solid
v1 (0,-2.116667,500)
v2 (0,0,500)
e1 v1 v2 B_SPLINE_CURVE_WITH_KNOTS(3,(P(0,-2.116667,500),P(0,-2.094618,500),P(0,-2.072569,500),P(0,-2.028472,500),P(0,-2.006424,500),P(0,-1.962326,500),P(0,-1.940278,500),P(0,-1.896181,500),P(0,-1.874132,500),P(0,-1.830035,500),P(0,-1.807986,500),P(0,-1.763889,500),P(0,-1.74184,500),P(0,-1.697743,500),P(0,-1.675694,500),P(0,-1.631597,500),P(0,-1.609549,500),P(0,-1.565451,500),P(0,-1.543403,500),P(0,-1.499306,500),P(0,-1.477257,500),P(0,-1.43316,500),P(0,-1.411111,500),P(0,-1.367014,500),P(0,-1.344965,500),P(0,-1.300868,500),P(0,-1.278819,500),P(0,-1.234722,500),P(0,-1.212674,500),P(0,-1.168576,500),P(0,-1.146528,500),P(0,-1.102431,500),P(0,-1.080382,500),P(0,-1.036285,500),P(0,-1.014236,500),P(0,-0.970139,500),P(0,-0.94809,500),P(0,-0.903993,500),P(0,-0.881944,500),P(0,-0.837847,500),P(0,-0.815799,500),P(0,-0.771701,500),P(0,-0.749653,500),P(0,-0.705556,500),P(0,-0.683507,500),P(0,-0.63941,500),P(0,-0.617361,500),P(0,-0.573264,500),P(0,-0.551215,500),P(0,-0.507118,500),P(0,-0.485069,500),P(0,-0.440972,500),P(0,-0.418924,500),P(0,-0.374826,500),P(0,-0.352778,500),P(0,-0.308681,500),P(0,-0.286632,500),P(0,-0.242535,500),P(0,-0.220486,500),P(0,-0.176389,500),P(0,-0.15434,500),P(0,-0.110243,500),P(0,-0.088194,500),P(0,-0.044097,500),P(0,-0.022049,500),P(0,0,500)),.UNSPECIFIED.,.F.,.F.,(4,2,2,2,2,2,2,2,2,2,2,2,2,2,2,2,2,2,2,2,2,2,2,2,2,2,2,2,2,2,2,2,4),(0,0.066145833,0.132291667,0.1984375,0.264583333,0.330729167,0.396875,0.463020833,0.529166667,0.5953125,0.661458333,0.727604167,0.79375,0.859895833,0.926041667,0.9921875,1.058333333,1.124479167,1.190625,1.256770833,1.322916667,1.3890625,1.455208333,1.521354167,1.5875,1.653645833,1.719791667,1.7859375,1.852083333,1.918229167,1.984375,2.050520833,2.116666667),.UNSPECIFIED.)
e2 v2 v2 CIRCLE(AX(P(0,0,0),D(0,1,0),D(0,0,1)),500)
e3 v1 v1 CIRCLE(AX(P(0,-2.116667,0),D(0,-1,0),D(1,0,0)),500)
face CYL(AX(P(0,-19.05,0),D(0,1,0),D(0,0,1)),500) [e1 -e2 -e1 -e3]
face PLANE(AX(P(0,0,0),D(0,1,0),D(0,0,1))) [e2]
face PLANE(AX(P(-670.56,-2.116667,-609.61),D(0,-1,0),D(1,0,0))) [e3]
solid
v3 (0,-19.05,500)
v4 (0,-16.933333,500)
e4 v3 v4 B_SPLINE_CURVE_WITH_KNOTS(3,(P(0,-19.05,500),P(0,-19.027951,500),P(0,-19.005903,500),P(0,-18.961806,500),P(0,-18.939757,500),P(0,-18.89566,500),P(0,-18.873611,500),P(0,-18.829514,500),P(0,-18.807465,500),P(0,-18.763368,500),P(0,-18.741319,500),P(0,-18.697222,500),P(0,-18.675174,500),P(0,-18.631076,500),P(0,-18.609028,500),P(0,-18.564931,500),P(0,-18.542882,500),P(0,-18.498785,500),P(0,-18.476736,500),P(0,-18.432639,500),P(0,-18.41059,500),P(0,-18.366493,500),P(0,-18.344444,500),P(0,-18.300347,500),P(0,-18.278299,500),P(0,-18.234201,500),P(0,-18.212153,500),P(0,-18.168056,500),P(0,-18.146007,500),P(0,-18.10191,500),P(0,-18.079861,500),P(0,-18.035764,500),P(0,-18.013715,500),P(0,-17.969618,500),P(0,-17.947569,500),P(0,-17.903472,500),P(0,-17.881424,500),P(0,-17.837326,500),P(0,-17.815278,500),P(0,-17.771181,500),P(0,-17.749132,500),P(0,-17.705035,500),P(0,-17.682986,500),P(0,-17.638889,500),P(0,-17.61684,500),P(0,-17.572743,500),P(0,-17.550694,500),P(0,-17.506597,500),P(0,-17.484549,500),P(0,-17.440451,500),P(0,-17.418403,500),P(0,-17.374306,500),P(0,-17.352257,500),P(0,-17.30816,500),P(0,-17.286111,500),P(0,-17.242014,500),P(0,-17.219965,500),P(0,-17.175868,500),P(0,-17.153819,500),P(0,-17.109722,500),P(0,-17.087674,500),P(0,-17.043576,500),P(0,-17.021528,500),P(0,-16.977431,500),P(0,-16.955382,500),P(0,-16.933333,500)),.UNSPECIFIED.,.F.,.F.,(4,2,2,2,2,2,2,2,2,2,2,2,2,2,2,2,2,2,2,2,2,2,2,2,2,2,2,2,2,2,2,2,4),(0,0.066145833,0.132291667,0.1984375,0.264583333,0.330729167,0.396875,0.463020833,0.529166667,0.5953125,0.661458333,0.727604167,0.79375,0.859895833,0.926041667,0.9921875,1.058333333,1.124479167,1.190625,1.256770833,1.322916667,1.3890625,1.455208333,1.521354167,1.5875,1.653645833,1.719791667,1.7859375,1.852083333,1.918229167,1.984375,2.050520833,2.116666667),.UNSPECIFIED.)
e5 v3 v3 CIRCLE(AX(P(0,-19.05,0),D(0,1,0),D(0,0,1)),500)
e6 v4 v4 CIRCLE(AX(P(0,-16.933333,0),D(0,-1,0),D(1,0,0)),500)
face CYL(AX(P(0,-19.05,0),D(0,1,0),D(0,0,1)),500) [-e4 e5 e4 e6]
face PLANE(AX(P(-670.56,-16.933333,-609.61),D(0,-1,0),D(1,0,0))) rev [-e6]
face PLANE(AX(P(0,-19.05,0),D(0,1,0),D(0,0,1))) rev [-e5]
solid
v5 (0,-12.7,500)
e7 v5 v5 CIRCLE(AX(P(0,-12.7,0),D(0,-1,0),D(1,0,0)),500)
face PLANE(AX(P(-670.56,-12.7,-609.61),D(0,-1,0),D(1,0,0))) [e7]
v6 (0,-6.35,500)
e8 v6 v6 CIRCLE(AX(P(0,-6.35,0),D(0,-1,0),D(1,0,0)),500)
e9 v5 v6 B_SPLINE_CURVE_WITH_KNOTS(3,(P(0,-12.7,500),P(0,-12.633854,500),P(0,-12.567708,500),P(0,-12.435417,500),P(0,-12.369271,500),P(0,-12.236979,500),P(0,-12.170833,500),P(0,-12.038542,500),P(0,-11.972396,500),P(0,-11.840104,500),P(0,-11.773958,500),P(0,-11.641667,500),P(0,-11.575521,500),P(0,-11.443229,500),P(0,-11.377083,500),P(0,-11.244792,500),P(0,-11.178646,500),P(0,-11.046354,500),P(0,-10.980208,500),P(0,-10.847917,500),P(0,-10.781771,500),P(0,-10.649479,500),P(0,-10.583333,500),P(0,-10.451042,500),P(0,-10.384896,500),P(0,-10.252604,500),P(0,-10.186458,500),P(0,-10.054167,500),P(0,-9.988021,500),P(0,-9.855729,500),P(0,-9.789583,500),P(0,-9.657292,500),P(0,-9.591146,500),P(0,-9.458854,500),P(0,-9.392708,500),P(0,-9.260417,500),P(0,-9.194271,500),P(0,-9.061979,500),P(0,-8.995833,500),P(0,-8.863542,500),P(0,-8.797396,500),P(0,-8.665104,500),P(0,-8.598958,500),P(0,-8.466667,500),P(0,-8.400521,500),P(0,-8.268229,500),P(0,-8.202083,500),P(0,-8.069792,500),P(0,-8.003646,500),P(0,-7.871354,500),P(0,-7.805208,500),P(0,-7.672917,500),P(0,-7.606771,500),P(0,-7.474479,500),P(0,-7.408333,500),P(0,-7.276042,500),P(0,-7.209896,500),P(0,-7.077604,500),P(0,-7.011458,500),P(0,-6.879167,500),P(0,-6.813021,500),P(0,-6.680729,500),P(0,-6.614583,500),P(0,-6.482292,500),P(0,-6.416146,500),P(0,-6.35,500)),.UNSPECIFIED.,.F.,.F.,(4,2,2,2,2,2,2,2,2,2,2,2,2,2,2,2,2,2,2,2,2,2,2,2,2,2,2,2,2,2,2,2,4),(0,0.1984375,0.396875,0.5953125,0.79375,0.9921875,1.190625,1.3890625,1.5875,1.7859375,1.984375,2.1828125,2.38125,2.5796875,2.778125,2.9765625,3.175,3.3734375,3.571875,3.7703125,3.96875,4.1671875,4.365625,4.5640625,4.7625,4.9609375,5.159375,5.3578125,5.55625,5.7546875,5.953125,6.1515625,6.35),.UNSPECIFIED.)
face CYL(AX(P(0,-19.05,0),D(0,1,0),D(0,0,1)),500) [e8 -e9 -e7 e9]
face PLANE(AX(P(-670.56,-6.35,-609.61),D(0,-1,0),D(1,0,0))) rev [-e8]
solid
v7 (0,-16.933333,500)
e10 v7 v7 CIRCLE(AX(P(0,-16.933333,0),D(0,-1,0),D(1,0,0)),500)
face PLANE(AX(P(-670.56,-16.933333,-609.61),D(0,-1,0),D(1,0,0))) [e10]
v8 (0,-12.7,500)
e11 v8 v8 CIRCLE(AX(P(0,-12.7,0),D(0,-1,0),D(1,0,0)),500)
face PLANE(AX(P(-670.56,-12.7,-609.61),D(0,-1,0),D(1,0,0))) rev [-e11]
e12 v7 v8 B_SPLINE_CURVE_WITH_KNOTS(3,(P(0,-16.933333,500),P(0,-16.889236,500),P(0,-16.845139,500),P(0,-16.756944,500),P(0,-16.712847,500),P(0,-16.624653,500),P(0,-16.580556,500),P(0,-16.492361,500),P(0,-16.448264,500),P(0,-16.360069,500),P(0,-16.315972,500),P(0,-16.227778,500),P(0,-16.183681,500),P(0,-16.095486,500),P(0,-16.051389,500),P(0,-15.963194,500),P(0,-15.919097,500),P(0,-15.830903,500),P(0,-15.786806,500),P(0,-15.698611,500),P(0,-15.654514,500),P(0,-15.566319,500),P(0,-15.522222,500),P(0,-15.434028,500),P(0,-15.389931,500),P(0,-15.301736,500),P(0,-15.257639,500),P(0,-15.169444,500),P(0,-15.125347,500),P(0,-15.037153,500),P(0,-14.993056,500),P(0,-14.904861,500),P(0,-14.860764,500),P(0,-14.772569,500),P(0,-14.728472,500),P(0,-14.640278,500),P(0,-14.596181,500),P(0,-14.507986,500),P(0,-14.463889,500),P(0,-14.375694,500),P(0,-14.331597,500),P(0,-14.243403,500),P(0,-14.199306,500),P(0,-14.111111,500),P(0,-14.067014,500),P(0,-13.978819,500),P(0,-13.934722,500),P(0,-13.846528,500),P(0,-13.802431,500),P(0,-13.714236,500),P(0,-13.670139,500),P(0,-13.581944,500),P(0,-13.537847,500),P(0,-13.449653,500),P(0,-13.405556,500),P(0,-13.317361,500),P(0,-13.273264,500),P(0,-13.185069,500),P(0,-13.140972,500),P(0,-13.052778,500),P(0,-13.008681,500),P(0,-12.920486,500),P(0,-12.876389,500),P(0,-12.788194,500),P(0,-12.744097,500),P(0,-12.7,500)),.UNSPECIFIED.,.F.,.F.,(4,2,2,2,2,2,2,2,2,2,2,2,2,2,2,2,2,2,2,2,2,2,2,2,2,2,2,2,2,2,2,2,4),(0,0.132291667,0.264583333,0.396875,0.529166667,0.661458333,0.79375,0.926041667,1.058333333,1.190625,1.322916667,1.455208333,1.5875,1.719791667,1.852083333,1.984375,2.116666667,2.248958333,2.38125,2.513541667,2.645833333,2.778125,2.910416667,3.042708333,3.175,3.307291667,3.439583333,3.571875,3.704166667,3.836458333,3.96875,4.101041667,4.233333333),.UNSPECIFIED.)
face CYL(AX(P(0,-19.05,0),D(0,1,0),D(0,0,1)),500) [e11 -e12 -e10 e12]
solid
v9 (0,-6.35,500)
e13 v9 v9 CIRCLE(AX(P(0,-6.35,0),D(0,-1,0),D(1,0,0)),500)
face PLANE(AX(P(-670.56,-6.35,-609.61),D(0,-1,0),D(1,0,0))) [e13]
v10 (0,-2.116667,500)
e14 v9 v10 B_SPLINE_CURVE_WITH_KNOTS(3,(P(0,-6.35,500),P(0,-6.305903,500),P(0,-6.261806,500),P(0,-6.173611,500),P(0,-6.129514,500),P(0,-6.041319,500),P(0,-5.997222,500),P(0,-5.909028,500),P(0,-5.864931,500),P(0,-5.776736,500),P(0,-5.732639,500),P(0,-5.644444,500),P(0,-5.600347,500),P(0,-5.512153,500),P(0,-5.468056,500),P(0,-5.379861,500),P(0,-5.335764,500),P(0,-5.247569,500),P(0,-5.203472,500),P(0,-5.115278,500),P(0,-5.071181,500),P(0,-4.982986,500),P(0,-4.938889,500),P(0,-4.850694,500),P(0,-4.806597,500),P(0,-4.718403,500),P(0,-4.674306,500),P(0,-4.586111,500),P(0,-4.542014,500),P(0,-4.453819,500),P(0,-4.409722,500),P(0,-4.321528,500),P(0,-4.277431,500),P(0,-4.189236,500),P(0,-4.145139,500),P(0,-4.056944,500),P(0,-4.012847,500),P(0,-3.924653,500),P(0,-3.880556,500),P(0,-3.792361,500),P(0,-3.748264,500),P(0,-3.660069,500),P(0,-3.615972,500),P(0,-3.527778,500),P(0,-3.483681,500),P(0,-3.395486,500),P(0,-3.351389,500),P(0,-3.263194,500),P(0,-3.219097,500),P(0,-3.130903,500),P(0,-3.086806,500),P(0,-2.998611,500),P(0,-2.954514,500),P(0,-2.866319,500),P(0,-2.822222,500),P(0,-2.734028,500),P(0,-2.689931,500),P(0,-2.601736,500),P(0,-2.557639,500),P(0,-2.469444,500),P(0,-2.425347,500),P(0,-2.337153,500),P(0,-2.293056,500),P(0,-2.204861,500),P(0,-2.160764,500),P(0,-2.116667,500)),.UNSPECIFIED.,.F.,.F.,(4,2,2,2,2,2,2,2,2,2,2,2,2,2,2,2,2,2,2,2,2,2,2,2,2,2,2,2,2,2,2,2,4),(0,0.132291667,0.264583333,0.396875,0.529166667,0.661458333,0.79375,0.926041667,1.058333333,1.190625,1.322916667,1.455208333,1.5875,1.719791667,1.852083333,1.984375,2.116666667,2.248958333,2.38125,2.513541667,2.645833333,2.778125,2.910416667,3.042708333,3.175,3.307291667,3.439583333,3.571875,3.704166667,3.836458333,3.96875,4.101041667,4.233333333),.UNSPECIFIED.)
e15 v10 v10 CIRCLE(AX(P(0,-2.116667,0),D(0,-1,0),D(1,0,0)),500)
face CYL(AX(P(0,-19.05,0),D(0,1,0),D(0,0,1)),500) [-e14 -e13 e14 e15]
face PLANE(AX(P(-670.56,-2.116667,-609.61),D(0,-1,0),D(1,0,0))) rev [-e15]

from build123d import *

# Parameters (mm, degrees)
SKETCH3_W                = 1219.2
SKETCH3_H                = 1219.2
BOSS_EXTRUDE1_DEPTH      = 19.05
SPLIT1_SURFACE_1_1_BACK  = 1725.314
SPLIT1_SURFACE_1_1_DEPTH = 3450.628
SPLIT1_SURFACE_1_2_BACK  = 1725.314
SPLIT1_SURFACE_1_2_DEPTH = 3450.628
SPLIT1_SURFACE_2_3_BACK  = 1725.314
SPLIT1_SURFACE_2_3_DEPTH = 3450.628
SPLIT1_SURFACE_2_4_BACK  = 1725.314
SPLIT1_SURFACE_2_4_DEPTH = 3450.628
SPLIT1_SURFACE_3_5_BACK  = 1725.314
SPLIT1_SURFACE_3_5_DEPTH = 3450.628
SPLIT1_SURFACE_3_6_BACK  = 1725.314
SPLIT1_SURFACE_3_6_DEPTH = 3450.628
SPLIT1_SURFACE_4_7_BACK  = 1725.314
SPLIT1_SURFACE_4_7_DEPTH = 3450.628
SPLIT1_SURFACE_4_8_BACK  = 1725.314
SPLIT1_SURFACE_4_8_DEPTH = 3450.628
SKETCH6_W                = 1219.2
SKETCH6_H                = 1219.2
SKETCH6_R                = 500
CUT_EXTRUDE1_DEPTH       = 863.315036689


with BuildPart() as part:
    # Sketch3 → Boss-Extrude1 (new body)
    with BuildSketch(Plane(origin=(0, 0, 0), x_dir=(1, 0, 0), z_dir=(0, 1, 0))):
        Rectangle(SKETCH3_W, SKETCH3_H)
    extrude(amount=-BOSS_EXTRUDE1_DEPTH)


with BuildPart() as body_2:
    # Split1: the piece behind the surface
    add(part.part)
    # Split1 surface 1: a surface, the sketch's curves swept straight by 3450.628 mm
    with BuildLine(Plane.XY.offset(-SPLIT1_SURFACE_1_1_BACK), mode=Mode.PRIVATE) as split1_surface_1_1_path:
        Line((-670.56, -16.933333333), (670.56, -16.933333333))
    split1_surface_1_1 = Shell.extrude(split1_surface_1_1_path.wire(), (0 * SPLIT1_SURFACE_1_1_DEPTH, 0 * SPLIT1_SURFACE_1_1_DEPTH, 1 * SPLIT1_SURFACE_1_1_DEPTH))
    split(bisect_by=split1_surface_1_1, keep=Keep.BOTTOM)


with BuildPart() as part_1:
    add(part.part)

    # Split1: split by a surface, the side it looks to stays
    # Split1 surface 1: a surface, the sketch's curves swept straight by 3450.628 mm
    with BuildLine(Plane.XY.offset(-SPLIT1_SURFACE_1_2_BACK), mode=Mode.PRIVATE) as split1_surface_1_2_path:
        Line((-670.56, -16.933333333), (670.56, -16.933333333))
    split1_surface_1_2 = Shell.extrude(split1_surface_1_2_path.wire(), (0 * SPLIT1_SURFACE_1_2_DEPTH, 0 * SPLIT1_SURFACE_1_2_DEPTH, 1 * SPLIT1_SURFACE_1_2_DEPTH))
    split(bisect_by=split1_surface_1_2, keep=Keep.TOP)


with BuildPart() as body_3:
    # Split1 2: the piece behind the surface
    add(part_1.part)
    # Split1 surface 2: a surface, the sketch's curves swept straight by 3450.628 mm
    with BuildLine(Plane.XY.offset(-SPLIT1_SURFACE_2_3_BACK), mode=Mode.PRIVATE) as split1_surface_2_3_path:
        Line((-670.56, -12.7), (670.56, -12.7))
    split1_surface_2_3 = Shell.extrude(split1_surface_2_3_path.wire(), (0 * SPLIT1_SURFACE_2_3_DEPTH, 0 * SPLIT1_SURFACE_2_3_DEPTH, 1 * SPLIT1_SURFACE_2_3_DEPTH))
    split(bisect_by=split1_surface_2_3, keep=Keep.BOTTOM)


with BuildPart() as part_2:
    add(part_1.part)

    # Split1 2: split by a surface, the side it looks to stays
    # Split1 surface 2: a surface, the sketch's curves swept straight by 3450.628 mm
    with BuildLine(Plane.XY.offset(-SPLIT1_SURFACE_2_4_BACK), mode=Mode.PRIVATE) as split1_surface_2_4_path:
        Line((-670.56, -12.7), (670.56, -12.7))
    split1_surface_2_4 = Shell.extrude(split1_surface_2_4_path.wire(), (0 * SPLIT1_SURFACE_2_4_DEPTH, 0 * SPLIT1_SURFACE_2_4_DEPTH, 1 * SPLIT1_SURFACE_2_4_DEPTH))
    split(bisect_by=split1_surface_2_4, keep=Keep.TOP)


with BuildPart() as body_4_2:
    # Split1 3: the piece behind the surface
    add(part_2.part)
    # Split1 surface 3: a surface, the sketch's curves swept straight by 3450.628 mm
    with BuildLine(Plane.XY.offset(-SPLIT1_SURFACE_3_5_BACK), mode=Mode.PRIVATE) as split1_surface_3_5_path:
        Line((-670.56, -2.116666667), (670.56, -2.116666667))
    split1_surface_3_5 = Shell.extrude(split1_surface_3_5_path.wire(), (0 * SPLIT1_SURFACE_3_5_DEPTH, 0 * SPLIT1_SURFACE_3_5_DEPTH, 1 * SPLIT1_SURFACE_3_5_DEPTH))
    split(bisect_by=split1_surface_3_5, keep=Keep.BOTTOM)


with BuildPart() as part_3:
    add(part_2.part)

    # Split1 3: split by a surface, the side it looks to stays
    # Split1 surface 3: a surface, the sketch's curves swept straight by 3450.628 mm
    with BuildLine(Plane.XY.offset(-SPLIT1_SURFACE_3_6_BACK), mode=Mode.PRIVATE) as split1_surface_3_6_path:
        Line((-670.56, -2.116666667), (670.56, -2.116666667))
    split1_surface_3_6 = Shell.extrude(split1_surface_3_6_path.wire(), (0 * SPLIT1_SURFACE_3_6_DEPTH, 0 * SPLIT1_SURFACE_3_6_DEPTH, 1 * SPLIT1_SURFACE_3_6_DEPTH))
    split(bisect_by=split1_surface_3_6, keep=Keep.TOP)


with BuildPart() as body_5_2:
    # Split1 4 body 4 2: the piece behind the surface
    add(body_4_2.part)
    # Split1 surface 4: a surface, the sketch's curves swept straight by 3450.628 mm
    with BuildLine(Plane.XY.offset(-SPLIT1_SURFACE_4_7_BACK), mode=Mode.PRIVATE) as split1_surface_4_7_path:
        Line((-670.56, -6.35), (670.56, -6.35))
    split1_surface_4_7 = Shell.extrude(split1_surface_4_7_path.wire(), (0 * SPLIT1_SURFACE_4_7_DEPTH, 0 * SPLIT1_SURFACE_4_7_DEPTH, 1 * SPLIT1_SURFACE_4_7_DEPTH))
    split(bisect_by=split1_surface_4_7, keep=Keep.BOTTOM)


with BuildPart() as body_4_2_1:
    add(body_4_2.part)

    # Split1 4 body 4 2: split by a surface, the side it looks to stays
    # Split1 surface 4: a surface, the sketch's curves swept straight by 3450.628 mm
    with BuildLine(Plane.XY.offset(-SPLIT1_SURFACE_4_8_BACK), mode=Mode.PRIVATE) as split1_surface_4_8_path:
        Line((-670.56, -6.35), (670.56, -6.35))
    split1_surface_4_8 = Shell.extrude(split1_surface_4_8_path.wire(), (0 * SPLIT1_SURFACE_4_8_DEPTH, 0 * SPLIT1_SURFACE_4_8_DEPTH, 1 * SPLIT1_SURFACE_4_8_DEPTH))
    split(bisect_by=split1_surface_4_8, keep=Keep.TOP)


with BuildPart() as cut_extrude1_tool:
    # Sketch6 → Cut-Extrude1 (new, through all)
    with BuildSketch(Plane(origin=(0, 0, 0), x_dir=(1, 0, 0), z_dir=(0, 1, 0))):
        Rectangle(SKETCH6_W, SKETCH6_H)
        with Locations(Location((0, 0, 0), (0, 0, 270))):
            Circle(SKETCH6_R, mode=Mode.SUBTRACT)
    extrude(amount=-CUT_EXTRUDE1_DEPTH)


with BuildPart() as part_4:
    add(part_3.part)

    # Cut-Extrude1: cut by cut_extrude1_tool
    add(cut_extrude1_tool.part, mode=Mode.SUBTRACT)


with BuildPart() as body_2_1:
    add(body_2.part)

    # Cut-Extrude1: cut by cut_extrude1_tool
    add(cut_extrude1_tool.part, mode=Mode.SUBTRACT)


with BuildPart() as body_3_1:
    add(body_3.part)

    # Cut-Extrude1: cut by cut_extrude1_tool
    add(cut_extrude1_tool.part, mode=Mode.SUBTRACT)


with BuildPart() as body_4_2_2:
    add(body_4_2_1.part)

    # Cut-Extrude1: cut by cut_extrude1_tool
    add(cut_extrude1_tool.part, mode=Mode.SUBTRACT)


with BuildPart() as body_5_2_1:
    add(body_5_2.part)

    # Cut-Extrude1: cut by cut_extrude1_tool
    add(cut_extrude1_tool.part, mode=Mode.SUBTRACT)


solid = Compound([part_4.part, body_2_1.part, body_3_1.part, body_4_2_2.part, body_5_2_1.part])
